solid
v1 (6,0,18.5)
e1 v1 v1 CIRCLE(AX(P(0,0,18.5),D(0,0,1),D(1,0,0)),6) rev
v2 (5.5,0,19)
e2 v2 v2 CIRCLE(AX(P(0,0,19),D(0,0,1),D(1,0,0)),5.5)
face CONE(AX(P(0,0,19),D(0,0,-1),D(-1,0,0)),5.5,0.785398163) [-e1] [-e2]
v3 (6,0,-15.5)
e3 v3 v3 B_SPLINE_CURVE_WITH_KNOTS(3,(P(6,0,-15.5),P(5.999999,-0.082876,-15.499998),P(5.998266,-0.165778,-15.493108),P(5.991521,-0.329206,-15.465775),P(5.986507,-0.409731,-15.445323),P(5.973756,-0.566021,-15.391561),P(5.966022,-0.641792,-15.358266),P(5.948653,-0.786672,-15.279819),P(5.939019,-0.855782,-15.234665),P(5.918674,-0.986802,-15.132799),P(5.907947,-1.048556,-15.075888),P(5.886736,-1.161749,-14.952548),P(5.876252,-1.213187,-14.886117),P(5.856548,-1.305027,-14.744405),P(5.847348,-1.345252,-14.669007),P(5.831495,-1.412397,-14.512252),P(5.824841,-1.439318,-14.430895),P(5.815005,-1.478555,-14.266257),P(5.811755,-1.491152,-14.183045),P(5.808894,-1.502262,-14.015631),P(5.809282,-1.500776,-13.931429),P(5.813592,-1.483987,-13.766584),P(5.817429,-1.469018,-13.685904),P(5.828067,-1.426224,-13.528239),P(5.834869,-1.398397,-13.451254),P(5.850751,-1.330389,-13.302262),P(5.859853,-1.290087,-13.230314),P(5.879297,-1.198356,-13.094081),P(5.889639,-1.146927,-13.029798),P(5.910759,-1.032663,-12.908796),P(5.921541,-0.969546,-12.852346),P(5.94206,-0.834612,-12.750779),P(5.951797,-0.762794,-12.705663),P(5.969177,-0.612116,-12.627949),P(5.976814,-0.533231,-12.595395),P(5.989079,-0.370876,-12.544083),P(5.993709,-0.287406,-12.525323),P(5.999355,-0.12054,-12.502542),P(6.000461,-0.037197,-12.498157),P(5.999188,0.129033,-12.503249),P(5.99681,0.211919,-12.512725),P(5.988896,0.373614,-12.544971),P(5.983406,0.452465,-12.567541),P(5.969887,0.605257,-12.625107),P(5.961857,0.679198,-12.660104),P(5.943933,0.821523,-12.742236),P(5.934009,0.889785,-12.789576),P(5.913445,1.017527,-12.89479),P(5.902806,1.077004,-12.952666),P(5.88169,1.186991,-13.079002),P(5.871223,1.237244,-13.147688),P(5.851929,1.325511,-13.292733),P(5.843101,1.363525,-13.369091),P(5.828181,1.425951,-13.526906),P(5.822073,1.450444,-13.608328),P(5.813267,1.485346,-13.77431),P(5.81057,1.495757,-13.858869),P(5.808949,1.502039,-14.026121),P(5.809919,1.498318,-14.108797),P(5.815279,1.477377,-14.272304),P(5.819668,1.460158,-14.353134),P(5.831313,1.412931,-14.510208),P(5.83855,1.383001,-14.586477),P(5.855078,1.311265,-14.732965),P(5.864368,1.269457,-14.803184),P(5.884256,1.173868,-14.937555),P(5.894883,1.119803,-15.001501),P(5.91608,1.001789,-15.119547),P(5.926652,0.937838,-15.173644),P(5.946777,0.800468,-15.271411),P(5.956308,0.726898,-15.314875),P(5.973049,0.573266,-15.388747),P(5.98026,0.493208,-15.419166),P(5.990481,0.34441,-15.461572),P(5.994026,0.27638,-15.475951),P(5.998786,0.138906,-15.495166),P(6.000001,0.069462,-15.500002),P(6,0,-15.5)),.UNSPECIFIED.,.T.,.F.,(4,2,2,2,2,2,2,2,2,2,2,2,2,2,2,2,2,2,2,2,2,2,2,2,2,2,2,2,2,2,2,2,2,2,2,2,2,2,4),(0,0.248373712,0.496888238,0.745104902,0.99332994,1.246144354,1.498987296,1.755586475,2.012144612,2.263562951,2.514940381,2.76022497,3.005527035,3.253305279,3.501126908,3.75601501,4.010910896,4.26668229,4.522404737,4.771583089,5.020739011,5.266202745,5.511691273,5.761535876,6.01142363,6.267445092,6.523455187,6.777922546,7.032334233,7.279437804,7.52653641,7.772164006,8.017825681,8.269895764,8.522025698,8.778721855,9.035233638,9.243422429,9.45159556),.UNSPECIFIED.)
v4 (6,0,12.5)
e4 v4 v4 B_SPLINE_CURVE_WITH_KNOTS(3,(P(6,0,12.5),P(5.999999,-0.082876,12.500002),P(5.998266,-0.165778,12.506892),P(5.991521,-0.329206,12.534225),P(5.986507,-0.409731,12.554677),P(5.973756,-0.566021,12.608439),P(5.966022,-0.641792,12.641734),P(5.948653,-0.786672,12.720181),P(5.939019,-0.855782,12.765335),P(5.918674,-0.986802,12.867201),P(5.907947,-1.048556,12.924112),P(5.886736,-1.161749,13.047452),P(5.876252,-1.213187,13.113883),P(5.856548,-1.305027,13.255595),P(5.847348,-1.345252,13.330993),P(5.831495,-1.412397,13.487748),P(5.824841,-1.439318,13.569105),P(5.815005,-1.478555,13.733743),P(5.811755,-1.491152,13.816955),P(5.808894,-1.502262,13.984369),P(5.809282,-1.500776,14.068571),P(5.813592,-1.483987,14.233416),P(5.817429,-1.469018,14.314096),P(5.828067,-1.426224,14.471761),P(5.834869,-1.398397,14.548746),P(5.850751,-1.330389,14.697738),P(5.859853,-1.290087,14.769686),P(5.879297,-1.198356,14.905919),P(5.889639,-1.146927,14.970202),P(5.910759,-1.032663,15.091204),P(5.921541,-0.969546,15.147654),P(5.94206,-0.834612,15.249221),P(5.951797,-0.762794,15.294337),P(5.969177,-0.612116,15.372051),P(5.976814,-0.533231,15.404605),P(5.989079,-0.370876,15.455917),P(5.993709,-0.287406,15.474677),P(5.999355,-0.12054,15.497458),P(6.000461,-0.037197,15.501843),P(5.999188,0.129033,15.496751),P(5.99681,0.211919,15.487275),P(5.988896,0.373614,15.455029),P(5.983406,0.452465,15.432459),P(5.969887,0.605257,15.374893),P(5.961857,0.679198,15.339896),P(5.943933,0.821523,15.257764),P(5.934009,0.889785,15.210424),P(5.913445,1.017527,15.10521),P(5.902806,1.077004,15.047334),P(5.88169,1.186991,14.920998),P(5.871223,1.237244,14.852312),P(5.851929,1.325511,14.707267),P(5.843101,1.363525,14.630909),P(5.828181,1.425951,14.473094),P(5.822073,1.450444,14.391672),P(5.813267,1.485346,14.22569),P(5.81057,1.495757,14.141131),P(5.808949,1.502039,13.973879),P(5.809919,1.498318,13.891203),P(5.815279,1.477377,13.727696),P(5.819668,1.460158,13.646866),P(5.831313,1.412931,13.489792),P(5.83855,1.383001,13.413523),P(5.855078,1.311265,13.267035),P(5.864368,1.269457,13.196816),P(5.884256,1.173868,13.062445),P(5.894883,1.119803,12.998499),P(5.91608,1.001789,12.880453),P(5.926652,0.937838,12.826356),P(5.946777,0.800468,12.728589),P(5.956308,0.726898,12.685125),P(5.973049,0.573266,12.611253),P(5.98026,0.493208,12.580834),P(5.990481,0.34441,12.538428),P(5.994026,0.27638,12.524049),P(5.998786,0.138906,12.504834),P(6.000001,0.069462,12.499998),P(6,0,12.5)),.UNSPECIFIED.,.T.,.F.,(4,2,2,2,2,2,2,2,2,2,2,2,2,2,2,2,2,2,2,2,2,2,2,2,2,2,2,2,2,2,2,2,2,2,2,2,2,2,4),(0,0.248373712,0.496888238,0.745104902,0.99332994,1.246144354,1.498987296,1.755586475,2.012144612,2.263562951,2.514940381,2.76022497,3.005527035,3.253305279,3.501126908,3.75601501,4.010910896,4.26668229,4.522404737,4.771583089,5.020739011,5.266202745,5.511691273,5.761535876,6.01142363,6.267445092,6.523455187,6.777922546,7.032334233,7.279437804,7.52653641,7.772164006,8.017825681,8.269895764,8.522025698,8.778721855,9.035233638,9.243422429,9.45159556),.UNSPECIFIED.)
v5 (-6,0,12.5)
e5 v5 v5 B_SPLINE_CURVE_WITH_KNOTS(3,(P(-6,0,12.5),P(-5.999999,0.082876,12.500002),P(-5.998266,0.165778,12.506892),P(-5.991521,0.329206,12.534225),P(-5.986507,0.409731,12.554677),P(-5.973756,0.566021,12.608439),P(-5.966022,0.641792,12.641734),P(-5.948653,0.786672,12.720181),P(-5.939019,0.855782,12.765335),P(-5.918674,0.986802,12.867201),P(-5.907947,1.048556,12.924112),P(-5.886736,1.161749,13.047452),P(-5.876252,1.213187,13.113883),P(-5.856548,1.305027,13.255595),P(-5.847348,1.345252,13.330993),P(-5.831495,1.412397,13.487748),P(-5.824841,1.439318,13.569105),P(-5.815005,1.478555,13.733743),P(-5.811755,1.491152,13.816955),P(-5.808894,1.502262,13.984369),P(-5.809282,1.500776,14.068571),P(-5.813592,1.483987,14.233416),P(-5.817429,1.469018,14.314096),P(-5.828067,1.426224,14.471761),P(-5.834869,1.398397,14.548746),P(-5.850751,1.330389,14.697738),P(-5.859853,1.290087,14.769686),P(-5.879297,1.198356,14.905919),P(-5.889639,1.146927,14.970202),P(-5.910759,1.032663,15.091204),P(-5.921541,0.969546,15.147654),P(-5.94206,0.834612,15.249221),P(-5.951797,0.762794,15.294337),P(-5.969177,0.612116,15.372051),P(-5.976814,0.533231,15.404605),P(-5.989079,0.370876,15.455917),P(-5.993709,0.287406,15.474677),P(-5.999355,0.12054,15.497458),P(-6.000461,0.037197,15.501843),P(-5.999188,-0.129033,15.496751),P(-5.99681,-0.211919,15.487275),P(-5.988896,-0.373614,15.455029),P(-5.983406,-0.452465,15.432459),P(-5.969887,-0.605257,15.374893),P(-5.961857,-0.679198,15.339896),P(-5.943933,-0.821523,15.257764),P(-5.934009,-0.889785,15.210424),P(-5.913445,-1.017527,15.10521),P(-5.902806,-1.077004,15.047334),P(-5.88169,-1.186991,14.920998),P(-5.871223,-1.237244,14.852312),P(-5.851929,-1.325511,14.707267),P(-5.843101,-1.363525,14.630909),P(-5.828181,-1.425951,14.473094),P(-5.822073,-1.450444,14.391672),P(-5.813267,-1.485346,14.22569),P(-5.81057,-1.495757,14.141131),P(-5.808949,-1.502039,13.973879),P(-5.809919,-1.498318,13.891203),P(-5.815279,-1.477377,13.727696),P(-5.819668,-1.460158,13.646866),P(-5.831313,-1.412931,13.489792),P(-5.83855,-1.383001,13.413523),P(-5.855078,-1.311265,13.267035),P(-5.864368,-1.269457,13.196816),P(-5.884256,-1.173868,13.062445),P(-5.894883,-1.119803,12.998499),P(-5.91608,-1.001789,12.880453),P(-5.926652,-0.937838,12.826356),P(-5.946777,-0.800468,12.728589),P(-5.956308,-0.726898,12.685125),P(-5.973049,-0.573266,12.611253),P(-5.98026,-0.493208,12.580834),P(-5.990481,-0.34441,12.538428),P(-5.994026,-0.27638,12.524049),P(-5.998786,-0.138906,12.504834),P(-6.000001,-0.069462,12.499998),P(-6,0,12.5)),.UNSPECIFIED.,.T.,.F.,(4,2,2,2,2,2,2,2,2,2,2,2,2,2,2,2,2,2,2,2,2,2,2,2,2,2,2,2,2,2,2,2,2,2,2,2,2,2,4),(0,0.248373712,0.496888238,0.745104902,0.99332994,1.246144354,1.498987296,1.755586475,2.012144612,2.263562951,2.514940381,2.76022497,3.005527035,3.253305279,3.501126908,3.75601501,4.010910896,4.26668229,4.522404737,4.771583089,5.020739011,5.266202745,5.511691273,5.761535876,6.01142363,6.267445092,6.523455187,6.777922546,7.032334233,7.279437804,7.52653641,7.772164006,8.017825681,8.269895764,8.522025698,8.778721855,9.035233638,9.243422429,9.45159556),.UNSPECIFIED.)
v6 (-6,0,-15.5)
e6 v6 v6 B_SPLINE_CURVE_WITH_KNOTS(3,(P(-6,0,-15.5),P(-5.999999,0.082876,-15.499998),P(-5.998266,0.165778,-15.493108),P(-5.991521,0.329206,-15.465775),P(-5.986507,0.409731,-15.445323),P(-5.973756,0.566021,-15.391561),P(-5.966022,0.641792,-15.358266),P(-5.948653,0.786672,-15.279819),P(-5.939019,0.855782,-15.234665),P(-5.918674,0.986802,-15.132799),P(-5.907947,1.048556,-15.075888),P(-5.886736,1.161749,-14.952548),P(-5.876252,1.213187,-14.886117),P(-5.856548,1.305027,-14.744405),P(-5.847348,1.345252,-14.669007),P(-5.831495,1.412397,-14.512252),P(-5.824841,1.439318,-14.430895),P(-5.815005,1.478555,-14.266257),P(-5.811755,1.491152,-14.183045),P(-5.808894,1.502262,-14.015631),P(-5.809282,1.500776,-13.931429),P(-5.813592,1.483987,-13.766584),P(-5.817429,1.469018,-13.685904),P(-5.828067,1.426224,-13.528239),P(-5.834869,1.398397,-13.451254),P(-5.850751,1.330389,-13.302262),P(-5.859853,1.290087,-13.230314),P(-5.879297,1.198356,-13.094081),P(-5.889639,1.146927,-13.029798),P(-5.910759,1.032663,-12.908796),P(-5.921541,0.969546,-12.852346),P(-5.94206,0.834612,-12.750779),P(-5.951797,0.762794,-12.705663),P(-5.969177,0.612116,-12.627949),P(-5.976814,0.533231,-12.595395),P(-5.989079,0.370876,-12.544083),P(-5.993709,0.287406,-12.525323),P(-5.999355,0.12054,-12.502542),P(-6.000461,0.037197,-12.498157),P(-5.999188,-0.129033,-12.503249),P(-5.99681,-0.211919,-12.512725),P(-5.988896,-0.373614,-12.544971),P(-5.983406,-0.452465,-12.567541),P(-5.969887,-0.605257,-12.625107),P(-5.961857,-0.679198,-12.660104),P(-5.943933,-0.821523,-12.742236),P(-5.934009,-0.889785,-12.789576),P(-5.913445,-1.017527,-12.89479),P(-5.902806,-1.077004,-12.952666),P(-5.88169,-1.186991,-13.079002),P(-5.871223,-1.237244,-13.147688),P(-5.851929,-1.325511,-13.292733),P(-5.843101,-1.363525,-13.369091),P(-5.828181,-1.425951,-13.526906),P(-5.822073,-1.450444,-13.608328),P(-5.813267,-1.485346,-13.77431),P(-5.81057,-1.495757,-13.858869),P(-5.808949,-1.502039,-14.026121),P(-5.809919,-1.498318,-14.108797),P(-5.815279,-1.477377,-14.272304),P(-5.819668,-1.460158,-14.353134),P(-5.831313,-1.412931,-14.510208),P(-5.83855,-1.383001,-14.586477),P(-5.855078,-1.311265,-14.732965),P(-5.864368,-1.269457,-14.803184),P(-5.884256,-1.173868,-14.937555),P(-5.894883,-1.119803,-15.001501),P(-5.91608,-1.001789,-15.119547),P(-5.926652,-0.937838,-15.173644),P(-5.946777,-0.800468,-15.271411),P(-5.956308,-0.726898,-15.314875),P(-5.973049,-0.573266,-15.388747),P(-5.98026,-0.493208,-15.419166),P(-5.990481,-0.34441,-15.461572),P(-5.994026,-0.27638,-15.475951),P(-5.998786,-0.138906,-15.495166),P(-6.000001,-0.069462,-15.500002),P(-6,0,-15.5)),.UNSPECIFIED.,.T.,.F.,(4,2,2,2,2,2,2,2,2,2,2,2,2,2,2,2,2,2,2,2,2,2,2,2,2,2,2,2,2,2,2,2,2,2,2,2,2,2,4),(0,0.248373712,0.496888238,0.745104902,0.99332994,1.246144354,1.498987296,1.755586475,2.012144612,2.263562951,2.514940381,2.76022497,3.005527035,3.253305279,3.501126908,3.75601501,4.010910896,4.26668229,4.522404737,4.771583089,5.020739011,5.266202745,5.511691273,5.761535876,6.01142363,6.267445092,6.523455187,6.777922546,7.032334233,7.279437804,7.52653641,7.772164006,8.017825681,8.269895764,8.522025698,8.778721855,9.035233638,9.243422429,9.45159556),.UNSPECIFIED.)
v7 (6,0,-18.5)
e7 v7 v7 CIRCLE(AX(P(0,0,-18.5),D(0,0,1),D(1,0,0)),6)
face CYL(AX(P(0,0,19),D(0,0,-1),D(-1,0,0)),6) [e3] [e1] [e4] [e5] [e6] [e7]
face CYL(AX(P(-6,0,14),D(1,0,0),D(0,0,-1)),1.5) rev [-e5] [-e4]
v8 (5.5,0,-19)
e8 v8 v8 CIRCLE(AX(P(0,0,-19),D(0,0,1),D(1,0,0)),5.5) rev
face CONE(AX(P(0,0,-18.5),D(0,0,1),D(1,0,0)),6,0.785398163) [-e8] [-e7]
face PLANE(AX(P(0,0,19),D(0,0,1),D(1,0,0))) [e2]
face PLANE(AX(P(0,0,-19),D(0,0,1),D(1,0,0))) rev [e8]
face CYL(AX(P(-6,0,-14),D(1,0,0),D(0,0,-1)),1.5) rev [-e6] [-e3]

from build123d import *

# Parameters (mm, degrees)
SKETCH1_R            = 6
BODY_DEPTH           = 19
SKETCH2_R            = 1.5
HOLES_DEPTH          = 7
HOLES_DEPTH_BACK     = 7
F_1X_45_CHAMFER_SIZE = 0.5


with BuildPart() as part:
    # Sketch1 → Body (new body, symmetric)
    with BuildSketch(Plane.XY):
        Circle(SKETCH1_R)
    extrude(amount=BODY_DEPTH, both=True)

    # Sketch2 → Holes (cut, two sides)
    with BuildSketch(Plane(origin=(0, 0, 0), x_dir=(0, 0, -1), z_dir=(1, 0, 0))) as holes_sk:
        with Locations((-14, 0)):
            Circle(SKETCH2_R)
        with Locations((14, 0)):
            Circle(SKETCH2_R)
    extrude(amount=HOLES_DEPTH, mode=Mode.SUBTRACT)
    extrude(holes_sk.sketch, amount=-HOLES_DEPTH_BACK, mode=Mode.SUBTRACT)

    # 1x 45 Chamfer
    f_1x_45_chamfer_edges = [part.edges().sort_by_distance(p)[0] for p in [
        (-6, 0, -19),
        (-6, 0, 19),
    ]]
    chamfer(f_1x_45_chamfer_edges, length=F_1X_45_CHAMFER_SIZE)


solid = part.part
